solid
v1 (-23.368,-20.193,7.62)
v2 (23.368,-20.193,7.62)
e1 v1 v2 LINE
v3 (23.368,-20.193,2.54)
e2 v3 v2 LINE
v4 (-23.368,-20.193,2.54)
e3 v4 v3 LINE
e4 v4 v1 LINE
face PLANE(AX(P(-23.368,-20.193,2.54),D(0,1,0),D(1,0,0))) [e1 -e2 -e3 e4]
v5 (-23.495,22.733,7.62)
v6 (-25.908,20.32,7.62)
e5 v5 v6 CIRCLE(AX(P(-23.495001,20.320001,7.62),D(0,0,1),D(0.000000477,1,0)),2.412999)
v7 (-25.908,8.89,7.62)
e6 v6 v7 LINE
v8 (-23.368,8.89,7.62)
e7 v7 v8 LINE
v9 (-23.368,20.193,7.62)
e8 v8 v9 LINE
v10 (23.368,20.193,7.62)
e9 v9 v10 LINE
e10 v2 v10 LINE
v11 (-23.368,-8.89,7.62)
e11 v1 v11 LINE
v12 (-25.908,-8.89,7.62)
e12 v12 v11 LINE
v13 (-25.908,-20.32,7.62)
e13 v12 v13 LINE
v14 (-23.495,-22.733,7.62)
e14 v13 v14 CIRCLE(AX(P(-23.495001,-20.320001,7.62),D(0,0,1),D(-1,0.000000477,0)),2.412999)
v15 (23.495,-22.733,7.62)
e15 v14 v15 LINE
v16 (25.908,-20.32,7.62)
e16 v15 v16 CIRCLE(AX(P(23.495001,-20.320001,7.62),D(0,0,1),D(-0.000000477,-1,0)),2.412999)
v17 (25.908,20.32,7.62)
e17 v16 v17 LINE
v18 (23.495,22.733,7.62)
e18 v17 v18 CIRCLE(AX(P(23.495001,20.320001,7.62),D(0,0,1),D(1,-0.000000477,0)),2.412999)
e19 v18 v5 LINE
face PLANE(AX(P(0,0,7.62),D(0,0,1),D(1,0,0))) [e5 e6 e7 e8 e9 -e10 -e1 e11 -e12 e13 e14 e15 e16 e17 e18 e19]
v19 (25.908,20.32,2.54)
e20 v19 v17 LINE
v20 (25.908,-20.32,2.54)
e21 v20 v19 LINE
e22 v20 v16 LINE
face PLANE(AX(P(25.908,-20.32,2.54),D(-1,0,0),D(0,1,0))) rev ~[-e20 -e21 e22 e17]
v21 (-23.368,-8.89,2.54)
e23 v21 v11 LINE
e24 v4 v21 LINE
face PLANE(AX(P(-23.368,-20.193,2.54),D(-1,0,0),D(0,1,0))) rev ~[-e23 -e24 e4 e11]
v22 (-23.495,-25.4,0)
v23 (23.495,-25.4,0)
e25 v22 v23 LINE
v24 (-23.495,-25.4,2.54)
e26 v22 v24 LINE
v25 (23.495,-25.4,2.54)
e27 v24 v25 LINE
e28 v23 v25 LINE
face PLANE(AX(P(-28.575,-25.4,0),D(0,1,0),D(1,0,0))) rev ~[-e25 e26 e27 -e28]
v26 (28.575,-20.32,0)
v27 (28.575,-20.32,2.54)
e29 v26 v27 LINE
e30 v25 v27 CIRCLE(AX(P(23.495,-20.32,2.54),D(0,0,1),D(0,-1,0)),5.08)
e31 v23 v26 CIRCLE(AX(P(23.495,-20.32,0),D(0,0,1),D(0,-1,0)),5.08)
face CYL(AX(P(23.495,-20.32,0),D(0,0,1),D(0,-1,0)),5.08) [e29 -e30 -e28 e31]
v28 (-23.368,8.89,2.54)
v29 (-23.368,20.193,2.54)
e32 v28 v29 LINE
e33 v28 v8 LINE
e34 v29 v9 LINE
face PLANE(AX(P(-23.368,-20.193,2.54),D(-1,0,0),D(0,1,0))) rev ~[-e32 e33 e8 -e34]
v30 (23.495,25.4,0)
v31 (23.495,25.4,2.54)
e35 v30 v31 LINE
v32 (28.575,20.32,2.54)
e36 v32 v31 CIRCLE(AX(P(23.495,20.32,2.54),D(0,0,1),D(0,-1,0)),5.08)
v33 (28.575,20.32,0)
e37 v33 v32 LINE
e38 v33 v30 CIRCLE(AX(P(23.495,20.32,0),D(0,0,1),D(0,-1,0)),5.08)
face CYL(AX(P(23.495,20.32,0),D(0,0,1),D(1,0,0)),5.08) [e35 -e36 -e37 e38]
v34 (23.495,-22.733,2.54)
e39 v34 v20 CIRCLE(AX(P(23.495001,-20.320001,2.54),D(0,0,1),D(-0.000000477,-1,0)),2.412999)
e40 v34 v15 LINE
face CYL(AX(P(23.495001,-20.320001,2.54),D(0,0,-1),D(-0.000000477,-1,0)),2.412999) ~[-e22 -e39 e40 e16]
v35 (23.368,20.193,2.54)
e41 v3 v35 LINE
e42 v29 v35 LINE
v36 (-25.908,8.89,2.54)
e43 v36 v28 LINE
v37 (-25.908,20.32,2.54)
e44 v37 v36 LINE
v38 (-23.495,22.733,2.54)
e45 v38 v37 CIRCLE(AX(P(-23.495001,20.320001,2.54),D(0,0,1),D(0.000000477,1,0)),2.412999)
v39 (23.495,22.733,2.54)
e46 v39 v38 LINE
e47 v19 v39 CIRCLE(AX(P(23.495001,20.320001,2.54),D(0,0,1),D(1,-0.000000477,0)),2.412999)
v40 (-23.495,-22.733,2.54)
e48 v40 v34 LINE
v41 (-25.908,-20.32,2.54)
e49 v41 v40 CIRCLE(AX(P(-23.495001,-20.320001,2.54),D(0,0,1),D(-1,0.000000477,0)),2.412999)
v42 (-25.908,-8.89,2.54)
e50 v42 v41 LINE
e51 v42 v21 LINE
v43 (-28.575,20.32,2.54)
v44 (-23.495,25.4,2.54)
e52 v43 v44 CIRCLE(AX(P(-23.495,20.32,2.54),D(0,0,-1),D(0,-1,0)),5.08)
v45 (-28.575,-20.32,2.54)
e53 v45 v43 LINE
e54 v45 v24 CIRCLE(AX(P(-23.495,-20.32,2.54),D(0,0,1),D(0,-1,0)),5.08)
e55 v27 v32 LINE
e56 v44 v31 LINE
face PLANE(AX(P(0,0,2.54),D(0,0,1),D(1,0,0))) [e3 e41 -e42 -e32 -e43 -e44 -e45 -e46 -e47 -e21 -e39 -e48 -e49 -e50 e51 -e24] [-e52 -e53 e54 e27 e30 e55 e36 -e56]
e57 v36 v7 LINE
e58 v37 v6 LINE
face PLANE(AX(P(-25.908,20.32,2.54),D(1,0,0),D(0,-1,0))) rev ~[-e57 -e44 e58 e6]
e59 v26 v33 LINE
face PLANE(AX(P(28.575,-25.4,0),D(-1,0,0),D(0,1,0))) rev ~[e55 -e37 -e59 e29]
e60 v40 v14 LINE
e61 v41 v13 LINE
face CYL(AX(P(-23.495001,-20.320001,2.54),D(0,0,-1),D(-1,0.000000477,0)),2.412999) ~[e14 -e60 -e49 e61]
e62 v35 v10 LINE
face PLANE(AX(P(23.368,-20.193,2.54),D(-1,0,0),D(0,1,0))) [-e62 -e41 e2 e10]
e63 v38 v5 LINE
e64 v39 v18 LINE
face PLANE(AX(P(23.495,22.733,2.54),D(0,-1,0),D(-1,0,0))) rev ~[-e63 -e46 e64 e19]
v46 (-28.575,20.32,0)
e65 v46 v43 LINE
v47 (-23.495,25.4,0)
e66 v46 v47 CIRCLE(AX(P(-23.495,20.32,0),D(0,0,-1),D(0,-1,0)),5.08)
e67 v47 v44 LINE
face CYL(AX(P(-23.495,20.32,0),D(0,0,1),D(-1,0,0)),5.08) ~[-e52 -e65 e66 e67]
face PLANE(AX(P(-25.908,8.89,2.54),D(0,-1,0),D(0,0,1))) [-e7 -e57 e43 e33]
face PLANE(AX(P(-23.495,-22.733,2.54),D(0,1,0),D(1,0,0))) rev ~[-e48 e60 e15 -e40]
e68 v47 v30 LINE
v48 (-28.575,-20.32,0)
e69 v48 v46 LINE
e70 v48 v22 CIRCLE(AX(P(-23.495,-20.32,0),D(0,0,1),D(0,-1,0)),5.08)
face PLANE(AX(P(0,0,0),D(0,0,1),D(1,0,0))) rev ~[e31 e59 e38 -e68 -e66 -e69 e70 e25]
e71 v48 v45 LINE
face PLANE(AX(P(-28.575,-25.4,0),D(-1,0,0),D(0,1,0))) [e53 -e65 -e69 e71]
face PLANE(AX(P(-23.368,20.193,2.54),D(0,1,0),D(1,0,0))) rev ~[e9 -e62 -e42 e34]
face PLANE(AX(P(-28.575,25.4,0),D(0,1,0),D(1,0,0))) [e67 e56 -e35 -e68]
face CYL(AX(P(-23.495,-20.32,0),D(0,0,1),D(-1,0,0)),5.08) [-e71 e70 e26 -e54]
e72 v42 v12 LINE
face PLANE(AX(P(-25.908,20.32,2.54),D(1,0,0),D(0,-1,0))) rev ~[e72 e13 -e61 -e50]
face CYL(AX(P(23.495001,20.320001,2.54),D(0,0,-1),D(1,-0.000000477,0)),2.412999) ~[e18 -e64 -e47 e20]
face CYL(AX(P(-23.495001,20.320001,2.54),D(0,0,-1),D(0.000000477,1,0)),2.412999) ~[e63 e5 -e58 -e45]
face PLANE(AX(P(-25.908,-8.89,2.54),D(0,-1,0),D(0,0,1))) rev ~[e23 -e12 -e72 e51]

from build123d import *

# Parameters (mm, degrees)
F0_W     = 57.15
F0_H     = 50.8
F1_DEPTH = 2.54
F2_R     = 5.08
F3_W     = 46.736
F3_H     = 40.386
F4_DEPTH = 5.08
F5_W     = 17.78
F5_H     = 5.08
F6_DEPTH = 2.54


with BuildPart() as f1:
    # F0 (on Top) → F1 (new body)
    with BuildSketch(Plane.XY):
        Rectangle(F0_W, F0_H)
    extrude(amount=F1_DEPTH)

    # F2
    f2_edges = [f1.edges().sort_by_distance(p)[0] for p in [
        (-28.575, 25.4, 1.27),
        (28.575, 25.4, 1.27),
        (28.575, -25.4, 1.27),
        (-28.575, -25.4, 1.27),
    ]]
    fillet(f2_edges, radius=F2_R)

    # F3 (on face) → F4 (join)
    with BuildSketch(Plane.XY.offset(2.54)):
        with BuildLine():
            Line((25.908, -20.32), (25.908, 20.32))
            ThreePointArc((25.908, 20.32), (25.201249, 22.026249), (23.495, 22.733))
            Line((23.495, 22.733), (-23.495, 22.733))
            ThreePointArc((-23.495, 22.733), (-25.201249, 22.026249), (-25.908, 20.32))
            Line((-25.908, 20.32), (-25.908, -20.32))
            ThreePointArc((-25.908, -20.32), (-25.201249, -22.026249), (-23.495, -22.733))
            Line((-23.495, -22.733), (23.495, -22.733))
            ThreePointArc((23.495, -22.733), (25.201249, -22.026249), (25.908, -20.32))
        make_face()
        Rectangle(F3_W, F3_H, mode=Mode.SUBTRACT)
    extrude(amount=F4_DEPTH)

    # F5 (on face) → F6 (cut, through all)
    with BuildSketch(Plane(origin=(-25.908, 0, 0), x_dir=(0, -1, 0), z_dir=(-1, 0, 0))):
        with Locations((0, 5.08)):
            Rectangle(F5_W, F5_H)
    extrude(amount=-F6_DEPTH, mode=Mode.SUBTRACT)


solid = f1.part
